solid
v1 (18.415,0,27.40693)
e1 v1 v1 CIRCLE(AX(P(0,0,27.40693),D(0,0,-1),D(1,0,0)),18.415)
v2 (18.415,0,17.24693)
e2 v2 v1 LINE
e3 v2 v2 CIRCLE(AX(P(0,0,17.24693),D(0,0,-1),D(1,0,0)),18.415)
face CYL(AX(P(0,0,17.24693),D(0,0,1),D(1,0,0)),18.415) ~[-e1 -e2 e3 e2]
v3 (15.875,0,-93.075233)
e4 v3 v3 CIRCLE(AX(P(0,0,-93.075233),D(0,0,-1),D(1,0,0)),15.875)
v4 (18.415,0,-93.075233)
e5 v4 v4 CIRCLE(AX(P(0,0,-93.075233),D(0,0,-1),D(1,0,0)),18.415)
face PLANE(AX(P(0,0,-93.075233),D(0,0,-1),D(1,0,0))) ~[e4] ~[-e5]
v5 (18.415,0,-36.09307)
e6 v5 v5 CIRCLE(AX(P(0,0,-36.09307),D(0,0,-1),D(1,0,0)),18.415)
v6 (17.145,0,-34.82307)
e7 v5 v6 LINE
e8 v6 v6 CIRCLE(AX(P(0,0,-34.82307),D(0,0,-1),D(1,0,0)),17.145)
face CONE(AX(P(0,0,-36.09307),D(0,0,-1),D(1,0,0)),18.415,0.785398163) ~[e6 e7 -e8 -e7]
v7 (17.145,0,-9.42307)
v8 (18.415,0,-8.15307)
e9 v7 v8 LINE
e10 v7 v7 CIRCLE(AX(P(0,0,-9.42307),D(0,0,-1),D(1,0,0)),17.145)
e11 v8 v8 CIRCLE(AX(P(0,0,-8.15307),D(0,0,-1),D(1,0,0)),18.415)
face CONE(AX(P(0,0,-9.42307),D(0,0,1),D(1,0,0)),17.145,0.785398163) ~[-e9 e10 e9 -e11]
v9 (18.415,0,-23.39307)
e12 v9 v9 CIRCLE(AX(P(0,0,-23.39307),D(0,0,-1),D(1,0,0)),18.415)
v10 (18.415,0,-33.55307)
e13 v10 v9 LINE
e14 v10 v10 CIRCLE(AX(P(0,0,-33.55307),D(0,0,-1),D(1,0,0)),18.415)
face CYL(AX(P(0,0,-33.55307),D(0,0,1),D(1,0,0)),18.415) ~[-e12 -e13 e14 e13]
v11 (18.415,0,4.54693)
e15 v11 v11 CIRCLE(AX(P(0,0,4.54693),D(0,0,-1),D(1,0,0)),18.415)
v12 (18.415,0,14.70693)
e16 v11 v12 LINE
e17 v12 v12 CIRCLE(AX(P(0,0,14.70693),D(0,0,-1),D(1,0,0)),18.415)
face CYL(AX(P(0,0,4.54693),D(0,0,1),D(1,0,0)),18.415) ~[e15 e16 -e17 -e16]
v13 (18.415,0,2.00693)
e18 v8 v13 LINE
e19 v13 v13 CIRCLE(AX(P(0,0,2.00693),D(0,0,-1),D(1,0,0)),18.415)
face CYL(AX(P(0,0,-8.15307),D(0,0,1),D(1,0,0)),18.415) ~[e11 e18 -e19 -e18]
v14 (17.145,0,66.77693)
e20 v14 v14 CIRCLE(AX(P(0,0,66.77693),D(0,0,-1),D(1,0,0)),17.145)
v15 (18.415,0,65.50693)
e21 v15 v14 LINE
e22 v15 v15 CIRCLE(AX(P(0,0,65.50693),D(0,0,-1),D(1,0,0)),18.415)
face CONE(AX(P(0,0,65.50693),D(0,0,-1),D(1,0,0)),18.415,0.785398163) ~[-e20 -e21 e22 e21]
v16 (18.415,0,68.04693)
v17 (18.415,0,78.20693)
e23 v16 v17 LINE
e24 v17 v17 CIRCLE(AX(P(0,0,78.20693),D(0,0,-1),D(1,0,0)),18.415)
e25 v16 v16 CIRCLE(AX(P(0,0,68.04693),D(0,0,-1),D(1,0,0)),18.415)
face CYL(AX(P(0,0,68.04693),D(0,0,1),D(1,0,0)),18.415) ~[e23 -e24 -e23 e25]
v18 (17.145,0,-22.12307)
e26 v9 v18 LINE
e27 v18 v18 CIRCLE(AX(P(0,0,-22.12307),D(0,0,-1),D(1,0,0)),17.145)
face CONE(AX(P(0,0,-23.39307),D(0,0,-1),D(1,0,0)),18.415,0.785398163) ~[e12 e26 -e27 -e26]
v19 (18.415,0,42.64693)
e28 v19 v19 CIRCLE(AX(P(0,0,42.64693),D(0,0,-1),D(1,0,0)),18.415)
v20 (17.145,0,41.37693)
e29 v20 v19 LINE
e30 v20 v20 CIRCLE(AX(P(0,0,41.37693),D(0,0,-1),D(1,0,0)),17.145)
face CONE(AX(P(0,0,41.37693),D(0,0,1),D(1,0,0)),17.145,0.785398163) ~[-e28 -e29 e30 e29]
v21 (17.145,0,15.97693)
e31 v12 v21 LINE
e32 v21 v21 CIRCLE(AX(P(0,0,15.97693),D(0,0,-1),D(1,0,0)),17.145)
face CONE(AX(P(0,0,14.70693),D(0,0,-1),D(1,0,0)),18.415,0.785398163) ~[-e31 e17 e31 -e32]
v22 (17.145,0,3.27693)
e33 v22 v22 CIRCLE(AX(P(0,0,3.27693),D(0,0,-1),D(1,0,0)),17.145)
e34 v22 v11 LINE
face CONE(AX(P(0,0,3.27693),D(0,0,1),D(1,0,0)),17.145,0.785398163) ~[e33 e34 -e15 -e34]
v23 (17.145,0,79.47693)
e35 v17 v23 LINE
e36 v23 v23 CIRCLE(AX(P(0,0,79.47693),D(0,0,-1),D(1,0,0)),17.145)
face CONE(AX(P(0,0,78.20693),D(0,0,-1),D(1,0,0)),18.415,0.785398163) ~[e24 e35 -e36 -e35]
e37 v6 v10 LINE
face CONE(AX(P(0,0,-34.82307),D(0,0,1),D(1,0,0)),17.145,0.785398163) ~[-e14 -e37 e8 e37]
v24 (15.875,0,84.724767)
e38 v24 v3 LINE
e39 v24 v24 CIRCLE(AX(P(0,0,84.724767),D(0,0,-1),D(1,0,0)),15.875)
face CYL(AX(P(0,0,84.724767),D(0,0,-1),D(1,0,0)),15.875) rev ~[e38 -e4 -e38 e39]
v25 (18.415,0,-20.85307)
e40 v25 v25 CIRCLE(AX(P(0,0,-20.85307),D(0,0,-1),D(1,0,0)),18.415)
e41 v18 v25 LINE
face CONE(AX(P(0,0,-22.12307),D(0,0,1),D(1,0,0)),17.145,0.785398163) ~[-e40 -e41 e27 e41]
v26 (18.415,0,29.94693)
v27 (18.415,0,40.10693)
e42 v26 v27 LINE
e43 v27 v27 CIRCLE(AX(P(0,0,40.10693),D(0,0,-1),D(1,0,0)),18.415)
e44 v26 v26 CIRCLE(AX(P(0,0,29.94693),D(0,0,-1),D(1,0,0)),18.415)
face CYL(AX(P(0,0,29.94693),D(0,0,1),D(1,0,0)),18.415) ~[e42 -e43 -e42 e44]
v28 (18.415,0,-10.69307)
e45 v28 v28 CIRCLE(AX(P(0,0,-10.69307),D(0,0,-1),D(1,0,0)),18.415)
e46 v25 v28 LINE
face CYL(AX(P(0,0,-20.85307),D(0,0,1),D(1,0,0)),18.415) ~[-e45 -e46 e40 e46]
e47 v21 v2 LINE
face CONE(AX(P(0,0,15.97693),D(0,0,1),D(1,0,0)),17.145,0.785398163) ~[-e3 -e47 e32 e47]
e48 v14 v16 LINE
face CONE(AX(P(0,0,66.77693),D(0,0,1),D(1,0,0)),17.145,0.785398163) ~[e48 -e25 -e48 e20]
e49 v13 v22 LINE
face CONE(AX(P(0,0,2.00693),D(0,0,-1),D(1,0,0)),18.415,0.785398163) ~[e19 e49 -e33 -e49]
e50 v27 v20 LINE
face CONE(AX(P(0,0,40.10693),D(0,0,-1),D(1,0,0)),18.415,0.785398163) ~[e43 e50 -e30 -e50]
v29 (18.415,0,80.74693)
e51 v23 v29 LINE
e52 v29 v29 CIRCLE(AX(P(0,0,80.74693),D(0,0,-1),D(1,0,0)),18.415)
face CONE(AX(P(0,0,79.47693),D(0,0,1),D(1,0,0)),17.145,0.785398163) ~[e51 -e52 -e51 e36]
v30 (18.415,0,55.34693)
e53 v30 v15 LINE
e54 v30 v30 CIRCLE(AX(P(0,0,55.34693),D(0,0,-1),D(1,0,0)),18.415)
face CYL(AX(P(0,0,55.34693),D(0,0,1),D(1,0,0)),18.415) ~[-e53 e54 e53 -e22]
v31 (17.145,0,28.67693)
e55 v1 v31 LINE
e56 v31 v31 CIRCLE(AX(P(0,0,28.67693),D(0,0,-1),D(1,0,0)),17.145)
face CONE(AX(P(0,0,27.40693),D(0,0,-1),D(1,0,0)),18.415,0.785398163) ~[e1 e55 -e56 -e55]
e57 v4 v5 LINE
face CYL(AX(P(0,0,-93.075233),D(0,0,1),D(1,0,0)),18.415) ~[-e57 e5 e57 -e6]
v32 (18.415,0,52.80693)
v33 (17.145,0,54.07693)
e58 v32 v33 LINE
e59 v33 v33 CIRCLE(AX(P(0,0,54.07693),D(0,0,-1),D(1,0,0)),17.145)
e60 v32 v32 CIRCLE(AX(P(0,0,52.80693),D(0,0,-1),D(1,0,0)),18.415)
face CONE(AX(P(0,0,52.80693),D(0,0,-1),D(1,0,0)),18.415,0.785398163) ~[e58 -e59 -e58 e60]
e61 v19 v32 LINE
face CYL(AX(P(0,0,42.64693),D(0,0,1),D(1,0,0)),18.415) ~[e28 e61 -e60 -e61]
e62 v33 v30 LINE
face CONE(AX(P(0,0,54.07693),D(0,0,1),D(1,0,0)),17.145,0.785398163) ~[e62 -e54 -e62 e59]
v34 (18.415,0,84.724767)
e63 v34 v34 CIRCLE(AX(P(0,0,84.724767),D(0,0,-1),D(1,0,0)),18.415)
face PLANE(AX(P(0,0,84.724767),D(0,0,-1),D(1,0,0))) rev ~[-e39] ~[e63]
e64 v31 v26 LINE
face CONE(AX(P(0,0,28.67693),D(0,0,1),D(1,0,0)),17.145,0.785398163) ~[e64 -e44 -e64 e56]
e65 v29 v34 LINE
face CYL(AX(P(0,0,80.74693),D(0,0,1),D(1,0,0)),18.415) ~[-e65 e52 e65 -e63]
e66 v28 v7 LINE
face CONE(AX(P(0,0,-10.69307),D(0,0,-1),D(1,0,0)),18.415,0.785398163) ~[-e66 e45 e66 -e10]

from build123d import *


with BuildPart() as f2:
    # F0 (on Front) → F2 (revolve)
    with BuildSketch(Plane.XZ):
        Polygon((18.415, 84.724767), (15.875, 84.724767), (15.875, -93.075233), (18.415, -93.075233), (18.415, -36.09307), (17.145, -34.82307), (18.415, -33.55307), (18.415, -23.39307), (17.145, -22.12307), (18.415, -20.85307), (18.415, -10.69307), (17.145, -9.42307), (18.415, -8.15307), (18.415, 2.00693), (17.145, 3.27693), (18.415, 4.54693), (18.415, 14.70693), (17.145, 15.97693), (18.415, 17.24693), (18.415, 27.40693), (17.145, 28.67693), (18.415, 29.94693), (18.415, 40.10693), (17.145, 41.37693), (18.415, 42.64693), (18.415, 52.80693), (17.145, 54.07693), (18.415, 55.34693), (18.415, 65.50693), (17.145, 66.77693), (18.415, 68.04693), (18.415, 78.20693), (17.145, 79.47693), (18.415, 80.74693), align=None)
    revolve(axis=Axis((0, 0, -4.614733), (0, 0, -1)))


solid = f2.part
